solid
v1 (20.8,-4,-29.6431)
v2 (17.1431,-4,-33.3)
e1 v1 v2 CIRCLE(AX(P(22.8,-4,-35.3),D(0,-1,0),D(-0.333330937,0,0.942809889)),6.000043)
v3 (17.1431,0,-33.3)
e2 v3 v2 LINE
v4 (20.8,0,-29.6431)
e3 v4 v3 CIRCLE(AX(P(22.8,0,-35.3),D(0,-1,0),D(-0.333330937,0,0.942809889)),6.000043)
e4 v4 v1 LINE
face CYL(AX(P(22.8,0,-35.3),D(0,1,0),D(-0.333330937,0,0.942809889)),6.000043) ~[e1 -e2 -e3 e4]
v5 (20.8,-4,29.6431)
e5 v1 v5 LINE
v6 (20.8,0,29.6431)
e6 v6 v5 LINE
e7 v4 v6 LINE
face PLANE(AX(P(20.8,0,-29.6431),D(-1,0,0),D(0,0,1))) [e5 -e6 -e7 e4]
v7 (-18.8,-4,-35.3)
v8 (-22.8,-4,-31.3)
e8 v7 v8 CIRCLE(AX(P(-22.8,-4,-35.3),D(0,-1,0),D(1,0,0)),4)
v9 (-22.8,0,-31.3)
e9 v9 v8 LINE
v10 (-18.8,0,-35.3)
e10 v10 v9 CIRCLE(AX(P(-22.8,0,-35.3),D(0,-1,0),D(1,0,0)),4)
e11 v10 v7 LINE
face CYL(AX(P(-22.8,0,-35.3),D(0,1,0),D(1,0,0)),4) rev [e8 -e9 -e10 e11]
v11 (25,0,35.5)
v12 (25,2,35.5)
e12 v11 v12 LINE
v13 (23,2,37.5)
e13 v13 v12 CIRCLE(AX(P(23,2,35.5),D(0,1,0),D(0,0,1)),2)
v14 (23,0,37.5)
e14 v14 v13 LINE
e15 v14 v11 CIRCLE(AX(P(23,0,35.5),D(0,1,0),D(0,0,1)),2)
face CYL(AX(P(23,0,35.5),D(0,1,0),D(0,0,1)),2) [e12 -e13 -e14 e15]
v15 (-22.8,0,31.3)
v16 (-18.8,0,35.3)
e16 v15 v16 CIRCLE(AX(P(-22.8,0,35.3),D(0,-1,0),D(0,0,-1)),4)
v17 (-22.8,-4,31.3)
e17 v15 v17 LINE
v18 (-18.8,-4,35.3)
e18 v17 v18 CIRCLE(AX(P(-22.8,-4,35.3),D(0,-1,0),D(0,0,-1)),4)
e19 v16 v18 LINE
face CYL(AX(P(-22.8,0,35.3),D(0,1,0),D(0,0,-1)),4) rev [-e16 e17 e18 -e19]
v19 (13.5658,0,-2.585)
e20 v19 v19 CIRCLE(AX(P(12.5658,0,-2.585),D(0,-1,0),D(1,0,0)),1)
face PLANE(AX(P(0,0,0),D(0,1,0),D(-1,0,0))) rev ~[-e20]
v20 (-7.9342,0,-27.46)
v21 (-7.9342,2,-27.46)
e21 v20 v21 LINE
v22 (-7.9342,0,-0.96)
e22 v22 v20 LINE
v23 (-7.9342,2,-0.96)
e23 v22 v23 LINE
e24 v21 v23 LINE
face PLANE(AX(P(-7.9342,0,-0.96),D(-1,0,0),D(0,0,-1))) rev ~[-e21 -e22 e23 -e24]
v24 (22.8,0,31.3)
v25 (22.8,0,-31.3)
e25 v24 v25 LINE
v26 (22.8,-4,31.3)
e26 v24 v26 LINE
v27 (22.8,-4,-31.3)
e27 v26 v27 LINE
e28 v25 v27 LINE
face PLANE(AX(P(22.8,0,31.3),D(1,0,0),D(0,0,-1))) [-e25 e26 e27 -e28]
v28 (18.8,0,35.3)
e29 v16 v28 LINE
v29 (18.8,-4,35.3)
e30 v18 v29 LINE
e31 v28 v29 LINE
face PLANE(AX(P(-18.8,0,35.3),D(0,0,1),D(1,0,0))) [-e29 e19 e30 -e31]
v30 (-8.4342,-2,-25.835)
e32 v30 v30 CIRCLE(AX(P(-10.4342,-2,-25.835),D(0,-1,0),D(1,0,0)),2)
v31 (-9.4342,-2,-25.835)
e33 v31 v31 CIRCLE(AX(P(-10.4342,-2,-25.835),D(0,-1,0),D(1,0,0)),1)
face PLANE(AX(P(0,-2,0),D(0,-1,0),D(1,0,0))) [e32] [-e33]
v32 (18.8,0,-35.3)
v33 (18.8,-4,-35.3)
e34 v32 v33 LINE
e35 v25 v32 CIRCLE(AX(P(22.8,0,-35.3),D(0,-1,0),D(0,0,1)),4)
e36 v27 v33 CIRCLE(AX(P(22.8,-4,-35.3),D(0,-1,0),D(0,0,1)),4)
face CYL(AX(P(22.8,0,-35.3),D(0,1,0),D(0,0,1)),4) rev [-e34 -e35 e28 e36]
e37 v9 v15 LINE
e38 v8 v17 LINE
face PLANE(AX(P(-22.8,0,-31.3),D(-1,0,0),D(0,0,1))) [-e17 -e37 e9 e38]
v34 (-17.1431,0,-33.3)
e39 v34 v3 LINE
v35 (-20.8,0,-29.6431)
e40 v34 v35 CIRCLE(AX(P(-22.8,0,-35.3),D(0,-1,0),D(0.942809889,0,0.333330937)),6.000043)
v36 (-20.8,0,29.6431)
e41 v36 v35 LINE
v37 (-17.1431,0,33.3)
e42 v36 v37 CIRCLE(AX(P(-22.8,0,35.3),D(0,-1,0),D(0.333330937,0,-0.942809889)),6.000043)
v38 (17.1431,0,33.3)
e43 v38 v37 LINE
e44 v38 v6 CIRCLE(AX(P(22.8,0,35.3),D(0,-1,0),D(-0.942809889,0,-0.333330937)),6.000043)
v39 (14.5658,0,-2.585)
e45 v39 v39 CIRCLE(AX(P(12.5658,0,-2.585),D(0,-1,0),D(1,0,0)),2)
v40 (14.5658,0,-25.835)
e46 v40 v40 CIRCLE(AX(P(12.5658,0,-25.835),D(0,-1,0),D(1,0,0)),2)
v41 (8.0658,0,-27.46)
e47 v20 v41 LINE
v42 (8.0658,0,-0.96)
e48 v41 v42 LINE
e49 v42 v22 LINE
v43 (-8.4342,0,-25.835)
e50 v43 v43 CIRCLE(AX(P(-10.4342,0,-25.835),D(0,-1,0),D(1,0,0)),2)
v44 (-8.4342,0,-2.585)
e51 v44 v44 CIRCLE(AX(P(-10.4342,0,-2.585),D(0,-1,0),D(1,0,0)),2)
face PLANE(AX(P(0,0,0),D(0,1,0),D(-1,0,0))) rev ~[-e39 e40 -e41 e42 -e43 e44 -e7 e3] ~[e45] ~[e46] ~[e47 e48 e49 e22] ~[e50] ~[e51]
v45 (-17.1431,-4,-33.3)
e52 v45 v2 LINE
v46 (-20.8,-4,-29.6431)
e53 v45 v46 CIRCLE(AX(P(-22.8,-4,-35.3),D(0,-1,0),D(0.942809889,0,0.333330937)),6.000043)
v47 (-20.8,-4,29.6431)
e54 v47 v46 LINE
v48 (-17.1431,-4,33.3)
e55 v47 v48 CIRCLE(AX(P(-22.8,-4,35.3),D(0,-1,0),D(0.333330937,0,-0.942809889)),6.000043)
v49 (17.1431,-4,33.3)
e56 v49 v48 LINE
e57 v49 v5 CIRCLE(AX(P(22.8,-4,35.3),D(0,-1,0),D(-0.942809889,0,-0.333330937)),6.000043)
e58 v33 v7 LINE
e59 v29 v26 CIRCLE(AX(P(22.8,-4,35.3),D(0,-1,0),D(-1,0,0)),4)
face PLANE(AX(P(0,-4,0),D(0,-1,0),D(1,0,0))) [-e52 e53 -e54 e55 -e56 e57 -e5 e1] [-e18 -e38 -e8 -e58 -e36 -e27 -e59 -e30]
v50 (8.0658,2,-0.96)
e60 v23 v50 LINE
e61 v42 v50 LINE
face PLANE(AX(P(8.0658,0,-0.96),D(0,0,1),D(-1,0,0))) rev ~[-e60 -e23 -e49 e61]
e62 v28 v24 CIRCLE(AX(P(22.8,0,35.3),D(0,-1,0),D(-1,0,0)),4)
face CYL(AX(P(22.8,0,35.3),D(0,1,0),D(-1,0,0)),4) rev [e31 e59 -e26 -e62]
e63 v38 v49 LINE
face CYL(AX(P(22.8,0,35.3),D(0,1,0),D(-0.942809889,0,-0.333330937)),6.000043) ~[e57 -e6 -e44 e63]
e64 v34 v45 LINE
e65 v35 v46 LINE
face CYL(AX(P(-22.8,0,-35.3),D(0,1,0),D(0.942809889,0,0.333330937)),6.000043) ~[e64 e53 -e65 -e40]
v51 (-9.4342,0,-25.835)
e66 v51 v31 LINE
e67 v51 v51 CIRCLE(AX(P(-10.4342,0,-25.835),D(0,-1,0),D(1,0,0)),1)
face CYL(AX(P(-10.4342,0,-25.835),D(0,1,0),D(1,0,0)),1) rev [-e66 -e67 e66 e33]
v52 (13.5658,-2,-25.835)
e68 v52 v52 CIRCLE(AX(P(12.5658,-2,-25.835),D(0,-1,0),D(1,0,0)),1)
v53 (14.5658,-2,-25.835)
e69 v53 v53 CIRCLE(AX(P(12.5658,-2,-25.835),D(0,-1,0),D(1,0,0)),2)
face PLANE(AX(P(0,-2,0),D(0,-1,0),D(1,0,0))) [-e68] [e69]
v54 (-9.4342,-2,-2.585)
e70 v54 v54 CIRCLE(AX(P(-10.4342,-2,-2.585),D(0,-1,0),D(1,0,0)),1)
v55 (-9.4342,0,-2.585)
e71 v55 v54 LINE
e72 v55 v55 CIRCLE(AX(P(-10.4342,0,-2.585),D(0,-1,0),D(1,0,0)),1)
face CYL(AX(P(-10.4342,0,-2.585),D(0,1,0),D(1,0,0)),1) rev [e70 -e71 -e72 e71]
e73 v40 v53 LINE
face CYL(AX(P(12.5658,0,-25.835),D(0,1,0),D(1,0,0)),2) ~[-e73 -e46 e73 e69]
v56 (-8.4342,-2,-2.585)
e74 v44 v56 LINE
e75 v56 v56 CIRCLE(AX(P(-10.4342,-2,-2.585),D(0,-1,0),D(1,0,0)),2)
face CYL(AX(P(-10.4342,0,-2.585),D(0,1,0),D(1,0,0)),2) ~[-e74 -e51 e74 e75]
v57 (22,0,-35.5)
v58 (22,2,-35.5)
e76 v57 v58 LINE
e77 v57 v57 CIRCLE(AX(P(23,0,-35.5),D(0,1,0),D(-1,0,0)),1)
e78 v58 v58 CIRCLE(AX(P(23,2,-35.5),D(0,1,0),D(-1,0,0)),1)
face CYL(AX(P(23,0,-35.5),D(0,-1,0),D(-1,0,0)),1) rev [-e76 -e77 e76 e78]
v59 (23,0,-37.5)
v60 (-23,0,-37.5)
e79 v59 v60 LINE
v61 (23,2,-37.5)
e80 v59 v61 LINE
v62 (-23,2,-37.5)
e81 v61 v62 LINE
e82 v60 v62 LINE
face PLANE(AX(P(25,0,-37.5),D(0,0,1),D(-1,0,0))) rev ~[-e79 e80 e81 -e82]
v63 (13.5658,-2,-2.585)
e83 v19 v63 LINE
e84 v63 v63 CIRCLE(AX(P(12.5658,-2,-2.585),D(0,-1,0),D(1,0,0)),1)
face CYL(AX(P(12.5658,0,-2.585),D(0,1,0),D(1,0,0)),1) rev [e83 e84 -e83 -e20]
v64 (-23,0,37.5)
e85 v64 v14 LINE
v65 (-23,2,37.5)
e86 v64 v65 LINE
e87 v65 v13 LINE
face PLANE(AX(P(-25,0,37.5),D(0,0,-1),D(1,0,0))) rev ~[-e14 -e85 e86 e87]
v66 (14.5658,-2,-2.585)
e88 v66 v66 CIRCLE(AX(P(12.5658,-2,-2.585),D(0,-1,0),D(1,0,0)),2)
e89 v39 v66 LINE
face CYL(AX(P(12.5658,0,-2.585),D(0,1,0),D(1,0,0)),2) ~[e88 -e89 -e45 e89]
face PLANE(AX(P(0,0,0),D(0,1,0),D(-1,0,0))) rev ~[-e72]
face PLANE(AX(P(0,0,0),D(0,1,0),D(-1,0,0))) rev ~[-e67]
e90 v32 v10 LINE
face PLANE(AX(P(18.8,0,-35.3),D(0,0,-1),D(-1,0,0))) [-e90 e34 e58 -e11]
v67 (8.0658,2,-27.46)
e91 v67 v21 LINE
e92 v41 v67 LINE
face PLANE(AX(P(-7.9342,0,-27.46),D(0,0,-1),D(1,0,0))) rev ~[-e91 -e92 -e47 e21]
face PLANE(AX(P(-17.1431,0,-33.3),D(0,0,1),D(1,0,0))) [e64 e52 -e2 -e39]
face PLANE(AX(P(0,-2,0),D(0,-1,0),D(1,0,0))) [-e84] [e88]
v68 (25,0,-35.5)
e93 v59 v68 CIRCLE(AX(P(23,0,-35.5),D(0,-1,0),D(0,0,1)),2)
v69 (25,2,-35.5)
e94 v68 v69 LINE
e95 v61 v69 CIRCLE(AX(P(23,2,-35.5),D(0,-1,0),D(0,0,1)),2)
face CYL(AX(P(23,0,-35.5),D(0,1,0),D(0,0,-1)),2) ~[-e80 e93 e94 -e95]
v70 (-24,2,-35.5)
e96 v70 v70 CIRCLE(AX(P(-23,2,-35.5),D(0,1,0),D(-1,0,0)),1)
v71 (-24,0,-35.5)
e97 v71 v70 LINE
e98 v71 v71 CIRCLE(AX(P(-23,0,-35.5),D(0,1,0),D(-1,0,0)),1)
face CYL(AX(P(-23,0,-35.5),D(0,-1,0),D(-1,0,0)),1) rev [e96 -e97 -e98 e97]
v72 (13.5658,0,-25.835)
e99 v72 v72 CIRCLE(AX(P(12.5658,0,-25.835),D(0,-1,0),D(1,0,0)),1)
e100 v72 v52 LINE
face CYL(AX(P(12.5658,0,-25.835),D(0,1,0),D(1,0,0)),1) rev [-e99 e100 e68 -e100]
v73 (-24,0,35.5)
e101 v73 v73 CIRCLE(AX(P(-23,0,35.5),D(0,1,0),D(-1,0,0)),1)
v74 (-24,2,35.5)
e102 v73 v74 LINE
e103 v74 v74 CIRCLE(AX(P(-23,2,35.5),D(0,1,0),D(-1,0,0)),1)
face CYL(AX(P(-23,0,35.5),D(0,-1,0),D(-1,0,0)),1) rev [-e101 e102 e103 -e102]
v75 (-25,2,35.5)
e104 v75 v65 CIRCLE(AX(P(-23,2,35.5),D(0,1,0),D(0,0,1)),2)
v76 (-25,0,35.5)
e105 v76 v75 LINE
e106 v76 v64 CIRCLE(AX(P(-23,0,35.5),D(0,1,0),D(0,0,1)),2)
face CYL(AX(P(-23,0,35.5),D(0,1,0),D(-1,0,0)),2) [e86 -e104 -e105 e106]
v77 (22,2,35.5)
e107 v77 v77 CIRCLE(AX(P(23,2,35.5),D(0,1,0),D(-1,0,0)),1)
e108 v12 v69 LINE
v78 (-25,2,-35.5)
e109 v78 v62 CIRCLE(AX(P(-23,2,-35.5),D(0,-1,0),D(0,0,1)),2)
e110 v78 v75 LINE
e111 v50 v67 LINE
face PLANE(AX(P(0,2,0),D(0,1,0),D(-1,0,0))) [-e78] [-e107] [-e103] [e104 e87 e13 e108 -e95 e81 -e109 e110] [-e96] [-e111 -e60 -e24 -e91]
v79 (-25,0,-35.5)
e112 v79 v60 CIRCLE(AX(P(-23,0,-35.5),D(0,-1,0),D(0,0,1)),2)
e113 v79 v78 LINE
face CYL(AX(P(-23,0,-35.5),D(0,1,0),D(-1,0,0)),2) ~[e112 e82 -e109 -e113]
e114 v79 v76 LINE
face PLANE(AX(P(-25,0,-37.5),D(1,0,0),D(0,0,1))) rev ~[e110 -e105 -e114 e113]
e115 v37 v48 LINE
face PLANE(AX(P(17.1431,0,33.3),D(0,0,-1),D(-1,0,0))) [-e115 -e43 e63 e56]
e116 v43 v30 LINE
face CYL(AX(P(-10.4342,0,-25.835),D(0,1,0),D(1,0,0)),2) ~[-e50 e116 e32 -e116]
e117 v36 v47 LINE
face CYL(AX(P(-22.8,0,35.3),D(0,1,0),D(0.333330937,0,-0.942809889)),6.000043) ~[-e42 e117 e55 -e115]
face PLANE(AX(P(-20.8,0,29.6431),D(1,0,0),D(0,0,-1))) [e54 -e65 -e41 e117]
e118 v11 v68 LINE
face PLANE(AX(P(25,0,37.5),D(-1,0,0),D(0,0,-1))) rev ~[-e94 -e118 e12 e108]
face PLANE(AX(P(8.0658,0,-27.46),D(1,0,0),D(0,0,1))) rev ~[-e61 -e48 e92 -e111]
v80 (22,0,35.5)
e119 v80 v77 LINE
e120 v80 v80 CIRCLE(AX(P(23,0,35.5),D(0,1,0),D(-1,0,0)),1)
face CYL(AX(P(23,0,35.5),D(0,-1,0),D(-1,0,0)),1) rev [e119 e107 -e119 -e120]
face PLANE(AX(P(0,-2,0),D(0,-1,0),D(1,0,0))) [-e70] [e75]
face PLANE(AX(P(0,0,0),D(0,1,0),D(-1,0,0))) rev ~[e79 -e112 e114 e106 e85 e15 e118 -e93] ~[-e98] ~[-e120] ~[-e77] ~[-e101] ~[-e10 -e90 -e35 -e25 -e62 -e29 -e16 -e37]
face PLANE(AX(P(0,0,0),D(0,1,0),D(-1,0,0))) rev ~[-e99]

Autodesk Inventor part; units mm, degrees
ref_plane "YZ Plane" through (0, 0, 0) normal (1, 0, 0) x (0, 1, 0)
ref_plane "XZ Plane" through (0, 0, 0) normal (0, 1, 0) x (-1, 0, 0)
ref_plane "XY Plane" through (0, 0, 0) normal (0, 0, 1) x (1, 0, 0)
sketch "Sketch1" plane through (0, 0, 0) normal (0, 1, 0) x (-1, 0, 0)
  line L0 (25, 37.5) -> (-25, 37.5)
  line L1 (-25, 37.5) -> (-25, -37.5)
  line L2 (-25, -37.5) -> (25, -37.5)
  line L3 (25, -37.5) -> (25, 37.5)
  line L4 (-25, 37.5) -> (25, -37.5) construction
  circle A0 centre (23, -35.5) radius 1
  circle A1 centre (-23, -35.5) radius 1
  circle A2 centre (-23, 35.5) radius 1
  circle A3 centre (23, 35.5) radius 1
  point P0 (0, 0)
  point P1 (0, 0)
  dimension "d0" = 75
  dimension "d1" = 50
  dimension "d17" = 2
  dimension "d18" = 2
  dimension "d21" = 2
  dimension "d22" = 2
  dimension "d23" = 2
  dimension "d25" = 2
  dimension "d26" = 2
  dimension "d27" = 2
  dimension "d28" = 2
extrude "Extrusion1" add sketch "Sketch1" along normal blind 2
sketch "Sketch4" plane through (0, 0, 0) normal (0, -1, 0) x (1, 0, 0)
  line L0 (-18.8, 35.3) -> (18.8, 35.3)
  line L1 (22.8, 31.3) -> (22.8, -31.3)
  line L2 (18.8, -35.3) -> (-18.8, -35.3)
  line L3 (-22.8, -31.3) -> (-22.8, 31.3)
  line L4 (-22.8, 35.3) -> (22.8, -35.3) construction
  line L5 (-25, -37.5) -> (-25, 37.5) projected
  line L6 (-25, 37.5) -> (25, 37.5) projected
  arc A0 (-22.8, 31.3) -> (-18.8, 35.3) centre (-22.8, 35.3) ccw
  arc A1 (18.8, 35.3) -> (22.8, 31.3) centre (22.8, 35.3) ccw
  arc A2 (-18.8, -35.3) -> (-22.8, -31.3) centre (-22.8, -35.3) ccw
  arc A3 (22.8, -31.3) -> (18.8, -35.3) centre (22.8, -35.3) ccw
  line L7 (17.1431, 33.3) -> (-17.1431, 33.3)
  arc A4 (-20.8, 29.6431) -> (-17.1431, 33.3) centre (-22.8, 35.3) ccw
  line L8 (-20.8, 29.6431) -> (-20.8, -29.6431)
  arc A5 (-17.1431, -33.3) -> (-20.8, -29.6431) centre (-22.8, -35.3) ccw
  line L9 (-17.1431, -33.3) -> (17.1431, -33.3)
  arc A6 (20.8, -29.6431) -> (17.1431, -33.3) centre (22.8, -35.3) ccw
  line L10 (20.8, -29.6431) -> (20.8, 29.6431)
  arc A7 (17.1431, 33.3) -> (20.8, 29.6431) centre (22.8, 35.3) ccw
  point P0 (0, 0)
  point P1 (0, 0)
  dimension "d29" = 2.2
  dimension "d30" = 2.2
  dimension "d32" = 4
  dimension "d35" = 2
extrude "Extrusion4" add sketch "Sketch4" along normal blind 4
sketch "Sketch5" plane through (0, 0, 0) normal (0, -1, 0) x (1, 0, 0)
  line L0 (-10.4342, -25.835) -> (12.5658, -25.835) construction
  line L1 (12.5658, -25.835) -> (12.5658, -2.585) construction
  line L2 (12.5658, -2.585) -> (-10.4342, -2.585) construction
  line L3 (-10.4342, -2.585) -> (-10.4342, -25.835) construction
  line L4 (-10.4342, -2.585) -> (12.5658, -25.835) construction
  circle A0 centre (-10.4342, -2.585) radius 1
  circle A1 centre (-10.4342, -25.835) radius 1
  circle A2 centre (12.5658, -25.835) radius 1
  circle A3 centre (12.5658, -2.585) radius 1
  circle A4 centre (-10.4342, -25.835) radius 2
  circle A5 centre (-10.4342, -2.585) radius 2
  circle A6 centre (12.5658, -2.585) radius 2
  circle A7 centre (12.5658, -25.835) radius 2
  line L5 (-10.4342, -14.21) -> (12.5658, -14.21) construction
  point P0 (0, 0)
  dimension "d36" = 23.25
  dimension "d37" = 23
  dimension "d38" = 2
  dimension "d39" = 4
extrude "Extrusion5" add sketch "Sketch5" along normal blind 2
sketch "Sketch6" plane through (0, 0, 0) normal (0, -1, 0) x (1, 0, 0)
  line L0 (-7.9342, -27.46) -> (8.0658, -27.46)
  line L1 (8.0658, -27.46) -> (8.0658, -0.96)
  line L2 (8.0658, -0.96) -> (-7.9342, -0.96)
  line L3 (-7.9342, -0.96) -> (-7.9342, -27.46)
  circle A0 centre (-10.4342, -25.835) radius 1 projected
  line L4 (-10.58, -24.8457) -> (-10.58, -3.5743) construction
  circle A1 centre (-10.4342, -2.585) radius 1 projected
  line L5 (-10.58, -14.21) -> (-1.6995, -14.21) construction
  point P0 (0, 0)
  dimension "d42" = 16
  dimension "d43" = 26.5
  dimension "d45" = 1.5
extrude "Extrusion6" cut sketch "Sketch6" against normal blind 10 contours L3 L2 L1 L0
fillet "Fillet2" radius 2 4 edges at (-25, 1, 37.5) (-25, 1, -37.5) (25, 1, -37.5) (25, 1, 37.5)
equation "\"d18\" = d17"
equation "\"d22\" = d17"
equation "\"d23\" = d17"
equation "\"d25\" = d17"
equation "\"d26\" = d17"
equation "\"d27\" = d17"
equation "\"d28\" = d17"
equation "\"d30\" = d29"
properties part number "Enclosure Lid"
